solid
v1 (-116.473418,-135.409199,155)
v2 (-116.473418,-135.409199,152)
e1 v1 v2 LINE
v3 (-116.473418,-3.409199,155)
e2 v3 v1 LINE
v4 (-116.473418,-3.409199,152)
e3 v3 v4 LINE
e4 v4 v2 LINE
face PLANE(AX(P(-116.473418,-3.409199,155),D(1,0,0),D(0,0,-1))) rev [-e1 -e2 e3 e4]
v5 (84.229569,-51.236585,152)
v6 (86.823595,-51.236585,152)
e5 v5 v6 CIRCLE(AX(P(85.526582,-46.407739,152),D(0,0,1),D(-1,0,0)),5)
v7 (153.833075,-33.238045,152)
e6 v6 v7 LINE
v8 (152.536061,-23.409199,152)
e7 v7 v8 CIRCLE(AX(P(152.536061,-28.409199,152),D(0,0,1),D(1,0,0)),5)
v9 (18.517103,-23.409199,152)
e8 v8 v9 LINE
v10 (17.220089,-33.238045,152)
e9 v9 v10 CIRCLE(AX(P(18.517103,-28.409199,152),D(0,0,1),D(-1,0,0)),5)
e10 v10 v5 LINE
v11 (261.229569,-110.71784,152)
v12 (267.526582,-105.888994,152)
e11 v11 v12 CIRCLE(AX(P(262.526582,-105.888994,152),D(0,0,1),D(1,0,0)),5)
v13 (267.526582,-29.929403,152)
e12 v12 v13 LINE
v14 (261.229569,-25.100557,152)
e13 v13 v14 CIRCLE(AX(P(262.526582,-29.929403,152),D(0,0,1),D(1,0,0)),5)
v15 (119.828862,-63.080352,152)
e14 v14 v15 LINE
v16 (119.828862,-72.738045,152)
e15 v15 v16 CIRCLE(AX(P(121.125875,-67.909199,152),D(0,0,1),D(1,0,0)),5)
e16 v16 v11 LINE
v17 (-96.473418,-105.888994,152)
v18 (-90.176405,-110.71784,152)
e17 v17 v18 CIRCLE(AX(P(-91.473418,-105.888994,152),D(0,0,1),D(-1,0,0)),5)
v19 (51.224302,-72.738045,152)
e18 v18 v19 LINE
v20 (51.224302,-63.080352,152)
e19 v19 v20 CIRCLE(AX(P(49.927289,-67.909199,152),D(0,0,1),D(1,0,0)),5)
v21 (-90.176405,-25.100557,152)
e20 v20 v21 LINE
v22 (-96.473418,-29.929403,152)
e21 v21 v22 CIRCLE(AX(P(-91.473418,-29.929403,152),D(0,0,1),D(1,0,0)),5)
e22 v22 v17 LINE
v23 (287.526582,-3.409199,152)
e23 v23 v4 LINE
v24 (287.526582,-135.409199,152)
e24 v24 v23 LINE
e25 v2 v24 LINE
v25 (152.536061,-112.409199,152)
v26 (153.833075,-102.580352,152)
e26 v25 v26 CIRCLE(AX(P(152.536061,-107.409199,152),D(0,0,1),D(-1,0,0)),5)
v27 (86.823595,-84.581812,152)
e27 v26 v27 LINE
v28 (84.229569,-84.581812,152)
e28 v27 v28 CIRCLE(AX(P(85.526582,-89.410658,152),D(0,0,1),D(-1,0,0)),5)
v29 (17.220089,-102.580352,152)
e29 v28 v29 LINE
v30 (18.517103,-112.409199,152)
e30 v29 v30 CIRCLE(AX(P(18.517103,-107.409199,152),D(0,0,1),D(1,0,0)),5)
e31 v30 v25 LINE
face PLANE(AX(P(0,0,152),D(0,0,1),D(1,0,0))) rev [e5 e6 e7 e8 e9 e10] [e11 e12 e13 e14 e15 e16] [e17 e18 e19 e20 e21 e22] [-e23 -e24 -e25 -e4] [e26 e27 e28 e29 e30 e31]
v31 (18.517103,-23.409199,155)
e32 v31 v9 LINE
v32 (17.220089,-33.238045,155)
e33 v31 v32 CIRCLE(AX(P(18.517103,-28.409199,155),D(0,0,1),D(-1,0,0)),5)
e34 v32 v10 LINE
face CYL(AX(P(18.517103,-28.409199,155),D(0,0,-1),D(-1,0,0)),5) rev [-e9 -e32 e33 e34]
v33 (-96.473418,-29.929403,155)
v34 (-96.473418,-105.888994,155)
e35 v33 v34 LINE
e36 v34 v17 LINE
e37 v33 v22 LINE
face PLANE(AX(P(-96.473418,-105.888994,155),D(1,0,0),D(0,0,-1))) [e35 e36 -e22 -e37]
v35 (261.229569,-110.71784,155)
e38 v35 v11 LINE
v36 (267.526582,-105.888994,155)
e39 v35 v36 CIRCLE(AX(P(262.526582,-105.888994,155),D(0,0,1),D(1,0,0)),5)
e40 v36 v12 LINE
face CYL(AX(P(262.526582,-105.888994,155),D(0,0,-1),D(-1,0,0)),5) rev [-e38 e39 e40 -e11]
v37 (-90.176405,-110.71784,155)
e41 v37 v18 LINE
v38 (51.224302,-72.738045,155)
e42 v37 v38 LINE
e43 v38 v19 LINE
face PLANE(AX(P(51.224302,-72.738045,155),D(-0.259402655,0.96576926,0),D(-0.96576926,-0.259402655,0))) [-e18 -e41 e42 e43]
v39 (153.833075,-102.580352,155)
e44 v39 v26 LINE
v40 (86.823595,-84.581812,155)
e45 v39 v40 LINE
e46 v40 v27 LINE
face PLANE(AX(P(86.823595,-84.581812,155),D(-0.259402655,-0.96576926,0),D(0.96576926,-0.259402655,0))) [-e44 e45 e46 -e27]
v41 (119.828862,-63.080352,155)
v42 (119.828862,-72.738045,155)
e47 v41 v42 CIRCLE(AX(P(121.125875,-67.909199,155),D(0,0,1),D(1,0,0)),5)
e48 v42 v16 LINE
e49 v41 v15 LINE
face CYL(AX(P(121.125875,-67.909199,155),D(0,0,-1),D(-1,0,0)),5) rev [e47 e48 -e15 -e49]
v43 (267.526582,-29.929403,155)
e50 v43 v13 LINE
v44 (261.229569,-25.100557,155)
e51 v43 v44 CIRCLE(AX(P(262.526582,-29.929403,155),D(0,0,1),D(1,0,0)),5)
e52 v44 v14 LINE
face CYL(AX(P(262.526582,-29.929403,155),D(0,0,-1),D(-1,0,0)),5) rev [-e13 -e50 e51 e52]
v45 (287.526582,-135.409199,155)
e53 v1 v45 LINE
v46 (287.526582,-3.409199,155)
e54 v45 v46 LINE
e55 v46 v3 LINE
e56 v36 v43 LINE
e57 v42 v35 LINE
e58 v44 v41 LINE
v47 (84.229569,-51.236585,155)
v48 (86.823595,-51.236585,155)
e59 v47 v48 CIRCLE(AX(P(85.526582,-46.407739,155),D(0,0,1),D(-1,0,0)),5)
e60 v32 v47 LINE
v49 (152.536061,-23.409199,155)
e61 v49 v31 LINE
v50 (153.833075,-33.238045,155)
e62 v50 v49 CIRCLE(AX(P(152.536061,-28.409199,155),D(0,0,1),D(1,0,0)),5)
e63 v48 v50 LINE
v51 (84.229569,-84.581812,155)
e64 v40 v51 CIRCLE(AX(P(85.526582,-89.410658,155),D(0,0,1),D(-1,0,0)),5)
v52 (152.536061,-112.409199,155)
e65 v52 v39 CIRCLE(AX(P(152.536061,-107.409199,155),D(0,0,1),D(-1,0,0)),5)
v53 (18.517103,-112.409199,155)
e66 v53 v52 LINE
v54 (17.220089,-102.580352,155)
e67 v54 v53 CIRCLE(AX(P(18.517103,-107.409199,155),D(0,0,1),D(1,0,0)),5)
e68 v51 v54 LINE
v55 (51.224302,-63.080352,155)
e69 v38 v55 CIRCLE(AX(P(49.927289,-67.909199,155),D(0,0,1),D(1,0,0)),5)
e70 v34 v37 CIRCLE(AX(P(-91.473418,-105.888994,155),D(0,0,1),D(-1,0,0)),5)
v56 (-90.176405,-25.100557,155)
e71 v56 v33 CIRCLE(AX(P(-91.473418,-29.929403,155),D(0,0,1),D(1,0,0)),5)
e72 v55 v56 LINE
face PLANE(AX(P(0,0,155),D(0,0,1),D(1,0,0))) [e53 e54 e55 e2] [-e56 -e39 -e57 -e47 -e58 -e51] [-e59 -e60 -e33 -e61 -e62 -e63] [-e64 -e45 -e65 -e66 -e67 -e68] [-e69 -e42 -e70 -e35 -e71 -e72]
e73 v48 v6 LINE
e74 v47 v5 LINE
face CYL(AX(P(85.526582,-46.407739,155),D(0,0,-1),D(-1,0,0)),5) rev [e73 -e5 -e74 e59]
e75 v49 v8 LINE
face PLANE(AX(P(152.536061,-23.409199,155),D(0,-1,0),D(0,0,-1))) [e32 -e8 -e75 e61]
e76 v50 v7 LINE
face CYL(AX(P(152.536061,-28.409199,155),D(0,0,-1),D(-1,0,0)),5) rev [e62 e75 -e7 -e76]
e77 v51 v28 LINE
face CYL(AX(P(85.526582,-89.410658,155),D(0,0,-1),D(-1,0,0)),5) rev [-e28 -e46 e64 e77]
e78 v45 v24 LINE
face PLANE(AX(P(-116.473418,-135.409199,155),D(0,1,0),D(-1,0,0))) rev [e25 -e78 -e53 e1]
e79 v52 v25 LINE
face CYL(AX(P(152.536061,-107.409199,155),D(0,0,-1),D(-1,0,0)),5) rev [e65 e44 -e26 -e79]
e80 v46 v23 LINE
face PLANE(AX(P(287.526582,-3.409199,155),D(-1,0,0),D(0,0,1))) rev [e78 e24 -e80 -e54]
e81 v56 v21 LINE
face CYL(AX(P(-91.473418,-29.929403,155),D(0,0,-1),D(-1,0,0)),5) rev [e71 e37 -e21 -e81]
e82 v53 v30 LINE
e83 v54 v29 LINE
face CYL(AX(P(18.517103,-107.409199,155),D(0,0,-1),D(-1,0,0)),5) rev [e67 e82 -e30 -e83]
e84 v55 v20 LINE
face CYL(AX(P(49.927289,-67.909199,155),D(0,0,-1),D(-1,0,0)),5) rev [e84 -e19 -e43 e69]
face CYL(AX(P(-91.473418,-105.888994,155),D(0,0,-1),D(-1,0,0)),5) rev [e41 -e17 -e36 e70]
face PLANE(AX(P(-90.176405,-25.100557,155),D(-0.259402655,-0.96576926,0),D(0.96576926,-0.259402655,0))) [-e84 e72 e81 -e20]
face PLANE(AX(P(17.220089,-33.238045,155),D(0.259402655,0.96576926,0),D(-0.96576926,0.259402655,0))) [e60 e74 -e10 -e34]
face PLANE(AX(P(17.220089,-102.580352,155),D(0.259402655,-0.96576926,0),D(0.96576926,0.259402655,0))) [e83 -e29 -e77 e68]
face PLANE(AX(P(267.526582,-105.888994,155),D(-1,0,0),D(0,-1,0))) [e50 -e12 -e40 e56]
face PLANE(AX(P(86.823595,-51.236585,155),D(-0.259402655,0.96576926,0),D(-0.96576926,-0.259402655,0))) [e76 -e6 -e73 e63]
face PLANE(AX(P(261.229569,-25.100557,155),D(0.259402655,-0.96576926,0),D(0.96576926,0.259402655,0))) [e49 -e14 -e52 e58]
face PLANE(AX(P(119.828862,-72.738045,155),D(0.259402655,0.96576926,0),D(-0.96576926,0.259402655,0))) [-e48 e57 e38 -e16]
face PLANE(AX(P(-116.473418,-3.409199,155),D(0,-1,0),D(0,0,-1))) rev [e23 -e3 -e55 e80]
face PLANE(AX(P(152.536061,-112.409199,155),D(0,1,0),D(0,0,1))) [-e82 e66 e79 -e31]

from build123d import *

# Parameters (mm, degrees)
SKETCH1_W           = 404
SKETCH1_H           = 132
BOSS_EXTRUDE1_DEPTH = 3


with BuildPart() as part:
    # Sketch1 → Boss-Extrude1 (new body)
    with BuildSketch(Plane.XY.offset(152)):
        with Locations((85.526581968, -69.40919868)):
            Rectangle(SKETCH1_W, SKETCH1_H)
        with BuildLine():
            Line((-96.473418032, -105.888993971), (-96.473418032, -29.929403389))
            ThreePointArc((-96.473418032, -29.929403389), (-94.516026587, -25.961717264), (-90.176404758, -25.100557091))
            Line((-90.176404758, -25.100557091), (51.22430223, -63.080352382))
            ThreePointArc((51.22430223, -63.080352382), (54.927288957, -67.90919868), (51.22430223, -72.738044978))
            Line((51.22430223, -72.738044978), (-90.176404758, -110.717840269))
            ThreePointArc((-90.176404758, -110.717840269), (-94.516026587, -109.856680096), (-96.473418032, -105.888993971))
        make_face(mode=Mode.SUBTRACT)
        with BuildLine():
            Line((152.536061434, -23.40919868), (18.517102502, -23.40919868))
            ThreePointArc((18.517102502, -23.40919868), (13.560075596, -27.755070057), (17.220089228, -33.238044978))
            Line((17.220089228, -33.238044978), (84.229568694, -51.236585203))
            ThreePointArc((84.229568694, -51.236585203), (85.526581968, -51.407738905), (86.823595242, -51.236585203))
            Line((86.823595242, -51.236585203), (153.833074707, -33.238044978))
            ThreePointArc((153.833074707, -33.238044978), (157.493088339, -27.755070057), (152.536061434, -23.40919868))
        make_face(mode=Mode.SUBTRACT)
        with BuildLine():
            Line((261.229568694, -25.100557091), (119.828861705, -63.080352382))
            ThreePointArc((119.828861705, -63.080352382), (116.125874979, -67.90919868), (119.828861705, -72.738044978))
            Line((119.828861705, -72.738044978), (261.229568694, -110.717840269))
            ThreePointArc((261.229568694, -110.717840269), (265.569190522, -109.856680096), (267.526581968, -105.888993971))
            Line((267.526581968, -105.888993971), (267.526581968, -29.929403389))
            ThreePointArc((267.526581968, -29.929403389), (265.569190522, -25.961717264), (261.229568694, -25.100557091))
        make_face(mode=Mode.SUBTRACT)
        with BuildLine():
            Line((17.220089228, -102.580352382), (84.229568694, -84.581812156))
            ThreePointArc((84.229568694, -84.581812156), (85.526581968, -84.410658454), (86.823595242, -84.581812156))
            Line((86.823595242, -84.581812156), (153.833074707, -102.580352382))
            ThreePointArc((153.833074707, -102.580352382), (157.493088339, -108.063327303), (152.536061434, -112.40919868))
            Line((152.536061434, -112.40919868), (18.517102502, -112.40919868))
            ThreePointArc((18.517102502, -112.40919868), (13.560075596, -108.063327303), (17.220089228, -102.580352382))
        make_face(mode=Mode.SUBTRACT)
    extrude(amount=BOSS_EXTRUDE1_DEPTH)


solid = part.part
